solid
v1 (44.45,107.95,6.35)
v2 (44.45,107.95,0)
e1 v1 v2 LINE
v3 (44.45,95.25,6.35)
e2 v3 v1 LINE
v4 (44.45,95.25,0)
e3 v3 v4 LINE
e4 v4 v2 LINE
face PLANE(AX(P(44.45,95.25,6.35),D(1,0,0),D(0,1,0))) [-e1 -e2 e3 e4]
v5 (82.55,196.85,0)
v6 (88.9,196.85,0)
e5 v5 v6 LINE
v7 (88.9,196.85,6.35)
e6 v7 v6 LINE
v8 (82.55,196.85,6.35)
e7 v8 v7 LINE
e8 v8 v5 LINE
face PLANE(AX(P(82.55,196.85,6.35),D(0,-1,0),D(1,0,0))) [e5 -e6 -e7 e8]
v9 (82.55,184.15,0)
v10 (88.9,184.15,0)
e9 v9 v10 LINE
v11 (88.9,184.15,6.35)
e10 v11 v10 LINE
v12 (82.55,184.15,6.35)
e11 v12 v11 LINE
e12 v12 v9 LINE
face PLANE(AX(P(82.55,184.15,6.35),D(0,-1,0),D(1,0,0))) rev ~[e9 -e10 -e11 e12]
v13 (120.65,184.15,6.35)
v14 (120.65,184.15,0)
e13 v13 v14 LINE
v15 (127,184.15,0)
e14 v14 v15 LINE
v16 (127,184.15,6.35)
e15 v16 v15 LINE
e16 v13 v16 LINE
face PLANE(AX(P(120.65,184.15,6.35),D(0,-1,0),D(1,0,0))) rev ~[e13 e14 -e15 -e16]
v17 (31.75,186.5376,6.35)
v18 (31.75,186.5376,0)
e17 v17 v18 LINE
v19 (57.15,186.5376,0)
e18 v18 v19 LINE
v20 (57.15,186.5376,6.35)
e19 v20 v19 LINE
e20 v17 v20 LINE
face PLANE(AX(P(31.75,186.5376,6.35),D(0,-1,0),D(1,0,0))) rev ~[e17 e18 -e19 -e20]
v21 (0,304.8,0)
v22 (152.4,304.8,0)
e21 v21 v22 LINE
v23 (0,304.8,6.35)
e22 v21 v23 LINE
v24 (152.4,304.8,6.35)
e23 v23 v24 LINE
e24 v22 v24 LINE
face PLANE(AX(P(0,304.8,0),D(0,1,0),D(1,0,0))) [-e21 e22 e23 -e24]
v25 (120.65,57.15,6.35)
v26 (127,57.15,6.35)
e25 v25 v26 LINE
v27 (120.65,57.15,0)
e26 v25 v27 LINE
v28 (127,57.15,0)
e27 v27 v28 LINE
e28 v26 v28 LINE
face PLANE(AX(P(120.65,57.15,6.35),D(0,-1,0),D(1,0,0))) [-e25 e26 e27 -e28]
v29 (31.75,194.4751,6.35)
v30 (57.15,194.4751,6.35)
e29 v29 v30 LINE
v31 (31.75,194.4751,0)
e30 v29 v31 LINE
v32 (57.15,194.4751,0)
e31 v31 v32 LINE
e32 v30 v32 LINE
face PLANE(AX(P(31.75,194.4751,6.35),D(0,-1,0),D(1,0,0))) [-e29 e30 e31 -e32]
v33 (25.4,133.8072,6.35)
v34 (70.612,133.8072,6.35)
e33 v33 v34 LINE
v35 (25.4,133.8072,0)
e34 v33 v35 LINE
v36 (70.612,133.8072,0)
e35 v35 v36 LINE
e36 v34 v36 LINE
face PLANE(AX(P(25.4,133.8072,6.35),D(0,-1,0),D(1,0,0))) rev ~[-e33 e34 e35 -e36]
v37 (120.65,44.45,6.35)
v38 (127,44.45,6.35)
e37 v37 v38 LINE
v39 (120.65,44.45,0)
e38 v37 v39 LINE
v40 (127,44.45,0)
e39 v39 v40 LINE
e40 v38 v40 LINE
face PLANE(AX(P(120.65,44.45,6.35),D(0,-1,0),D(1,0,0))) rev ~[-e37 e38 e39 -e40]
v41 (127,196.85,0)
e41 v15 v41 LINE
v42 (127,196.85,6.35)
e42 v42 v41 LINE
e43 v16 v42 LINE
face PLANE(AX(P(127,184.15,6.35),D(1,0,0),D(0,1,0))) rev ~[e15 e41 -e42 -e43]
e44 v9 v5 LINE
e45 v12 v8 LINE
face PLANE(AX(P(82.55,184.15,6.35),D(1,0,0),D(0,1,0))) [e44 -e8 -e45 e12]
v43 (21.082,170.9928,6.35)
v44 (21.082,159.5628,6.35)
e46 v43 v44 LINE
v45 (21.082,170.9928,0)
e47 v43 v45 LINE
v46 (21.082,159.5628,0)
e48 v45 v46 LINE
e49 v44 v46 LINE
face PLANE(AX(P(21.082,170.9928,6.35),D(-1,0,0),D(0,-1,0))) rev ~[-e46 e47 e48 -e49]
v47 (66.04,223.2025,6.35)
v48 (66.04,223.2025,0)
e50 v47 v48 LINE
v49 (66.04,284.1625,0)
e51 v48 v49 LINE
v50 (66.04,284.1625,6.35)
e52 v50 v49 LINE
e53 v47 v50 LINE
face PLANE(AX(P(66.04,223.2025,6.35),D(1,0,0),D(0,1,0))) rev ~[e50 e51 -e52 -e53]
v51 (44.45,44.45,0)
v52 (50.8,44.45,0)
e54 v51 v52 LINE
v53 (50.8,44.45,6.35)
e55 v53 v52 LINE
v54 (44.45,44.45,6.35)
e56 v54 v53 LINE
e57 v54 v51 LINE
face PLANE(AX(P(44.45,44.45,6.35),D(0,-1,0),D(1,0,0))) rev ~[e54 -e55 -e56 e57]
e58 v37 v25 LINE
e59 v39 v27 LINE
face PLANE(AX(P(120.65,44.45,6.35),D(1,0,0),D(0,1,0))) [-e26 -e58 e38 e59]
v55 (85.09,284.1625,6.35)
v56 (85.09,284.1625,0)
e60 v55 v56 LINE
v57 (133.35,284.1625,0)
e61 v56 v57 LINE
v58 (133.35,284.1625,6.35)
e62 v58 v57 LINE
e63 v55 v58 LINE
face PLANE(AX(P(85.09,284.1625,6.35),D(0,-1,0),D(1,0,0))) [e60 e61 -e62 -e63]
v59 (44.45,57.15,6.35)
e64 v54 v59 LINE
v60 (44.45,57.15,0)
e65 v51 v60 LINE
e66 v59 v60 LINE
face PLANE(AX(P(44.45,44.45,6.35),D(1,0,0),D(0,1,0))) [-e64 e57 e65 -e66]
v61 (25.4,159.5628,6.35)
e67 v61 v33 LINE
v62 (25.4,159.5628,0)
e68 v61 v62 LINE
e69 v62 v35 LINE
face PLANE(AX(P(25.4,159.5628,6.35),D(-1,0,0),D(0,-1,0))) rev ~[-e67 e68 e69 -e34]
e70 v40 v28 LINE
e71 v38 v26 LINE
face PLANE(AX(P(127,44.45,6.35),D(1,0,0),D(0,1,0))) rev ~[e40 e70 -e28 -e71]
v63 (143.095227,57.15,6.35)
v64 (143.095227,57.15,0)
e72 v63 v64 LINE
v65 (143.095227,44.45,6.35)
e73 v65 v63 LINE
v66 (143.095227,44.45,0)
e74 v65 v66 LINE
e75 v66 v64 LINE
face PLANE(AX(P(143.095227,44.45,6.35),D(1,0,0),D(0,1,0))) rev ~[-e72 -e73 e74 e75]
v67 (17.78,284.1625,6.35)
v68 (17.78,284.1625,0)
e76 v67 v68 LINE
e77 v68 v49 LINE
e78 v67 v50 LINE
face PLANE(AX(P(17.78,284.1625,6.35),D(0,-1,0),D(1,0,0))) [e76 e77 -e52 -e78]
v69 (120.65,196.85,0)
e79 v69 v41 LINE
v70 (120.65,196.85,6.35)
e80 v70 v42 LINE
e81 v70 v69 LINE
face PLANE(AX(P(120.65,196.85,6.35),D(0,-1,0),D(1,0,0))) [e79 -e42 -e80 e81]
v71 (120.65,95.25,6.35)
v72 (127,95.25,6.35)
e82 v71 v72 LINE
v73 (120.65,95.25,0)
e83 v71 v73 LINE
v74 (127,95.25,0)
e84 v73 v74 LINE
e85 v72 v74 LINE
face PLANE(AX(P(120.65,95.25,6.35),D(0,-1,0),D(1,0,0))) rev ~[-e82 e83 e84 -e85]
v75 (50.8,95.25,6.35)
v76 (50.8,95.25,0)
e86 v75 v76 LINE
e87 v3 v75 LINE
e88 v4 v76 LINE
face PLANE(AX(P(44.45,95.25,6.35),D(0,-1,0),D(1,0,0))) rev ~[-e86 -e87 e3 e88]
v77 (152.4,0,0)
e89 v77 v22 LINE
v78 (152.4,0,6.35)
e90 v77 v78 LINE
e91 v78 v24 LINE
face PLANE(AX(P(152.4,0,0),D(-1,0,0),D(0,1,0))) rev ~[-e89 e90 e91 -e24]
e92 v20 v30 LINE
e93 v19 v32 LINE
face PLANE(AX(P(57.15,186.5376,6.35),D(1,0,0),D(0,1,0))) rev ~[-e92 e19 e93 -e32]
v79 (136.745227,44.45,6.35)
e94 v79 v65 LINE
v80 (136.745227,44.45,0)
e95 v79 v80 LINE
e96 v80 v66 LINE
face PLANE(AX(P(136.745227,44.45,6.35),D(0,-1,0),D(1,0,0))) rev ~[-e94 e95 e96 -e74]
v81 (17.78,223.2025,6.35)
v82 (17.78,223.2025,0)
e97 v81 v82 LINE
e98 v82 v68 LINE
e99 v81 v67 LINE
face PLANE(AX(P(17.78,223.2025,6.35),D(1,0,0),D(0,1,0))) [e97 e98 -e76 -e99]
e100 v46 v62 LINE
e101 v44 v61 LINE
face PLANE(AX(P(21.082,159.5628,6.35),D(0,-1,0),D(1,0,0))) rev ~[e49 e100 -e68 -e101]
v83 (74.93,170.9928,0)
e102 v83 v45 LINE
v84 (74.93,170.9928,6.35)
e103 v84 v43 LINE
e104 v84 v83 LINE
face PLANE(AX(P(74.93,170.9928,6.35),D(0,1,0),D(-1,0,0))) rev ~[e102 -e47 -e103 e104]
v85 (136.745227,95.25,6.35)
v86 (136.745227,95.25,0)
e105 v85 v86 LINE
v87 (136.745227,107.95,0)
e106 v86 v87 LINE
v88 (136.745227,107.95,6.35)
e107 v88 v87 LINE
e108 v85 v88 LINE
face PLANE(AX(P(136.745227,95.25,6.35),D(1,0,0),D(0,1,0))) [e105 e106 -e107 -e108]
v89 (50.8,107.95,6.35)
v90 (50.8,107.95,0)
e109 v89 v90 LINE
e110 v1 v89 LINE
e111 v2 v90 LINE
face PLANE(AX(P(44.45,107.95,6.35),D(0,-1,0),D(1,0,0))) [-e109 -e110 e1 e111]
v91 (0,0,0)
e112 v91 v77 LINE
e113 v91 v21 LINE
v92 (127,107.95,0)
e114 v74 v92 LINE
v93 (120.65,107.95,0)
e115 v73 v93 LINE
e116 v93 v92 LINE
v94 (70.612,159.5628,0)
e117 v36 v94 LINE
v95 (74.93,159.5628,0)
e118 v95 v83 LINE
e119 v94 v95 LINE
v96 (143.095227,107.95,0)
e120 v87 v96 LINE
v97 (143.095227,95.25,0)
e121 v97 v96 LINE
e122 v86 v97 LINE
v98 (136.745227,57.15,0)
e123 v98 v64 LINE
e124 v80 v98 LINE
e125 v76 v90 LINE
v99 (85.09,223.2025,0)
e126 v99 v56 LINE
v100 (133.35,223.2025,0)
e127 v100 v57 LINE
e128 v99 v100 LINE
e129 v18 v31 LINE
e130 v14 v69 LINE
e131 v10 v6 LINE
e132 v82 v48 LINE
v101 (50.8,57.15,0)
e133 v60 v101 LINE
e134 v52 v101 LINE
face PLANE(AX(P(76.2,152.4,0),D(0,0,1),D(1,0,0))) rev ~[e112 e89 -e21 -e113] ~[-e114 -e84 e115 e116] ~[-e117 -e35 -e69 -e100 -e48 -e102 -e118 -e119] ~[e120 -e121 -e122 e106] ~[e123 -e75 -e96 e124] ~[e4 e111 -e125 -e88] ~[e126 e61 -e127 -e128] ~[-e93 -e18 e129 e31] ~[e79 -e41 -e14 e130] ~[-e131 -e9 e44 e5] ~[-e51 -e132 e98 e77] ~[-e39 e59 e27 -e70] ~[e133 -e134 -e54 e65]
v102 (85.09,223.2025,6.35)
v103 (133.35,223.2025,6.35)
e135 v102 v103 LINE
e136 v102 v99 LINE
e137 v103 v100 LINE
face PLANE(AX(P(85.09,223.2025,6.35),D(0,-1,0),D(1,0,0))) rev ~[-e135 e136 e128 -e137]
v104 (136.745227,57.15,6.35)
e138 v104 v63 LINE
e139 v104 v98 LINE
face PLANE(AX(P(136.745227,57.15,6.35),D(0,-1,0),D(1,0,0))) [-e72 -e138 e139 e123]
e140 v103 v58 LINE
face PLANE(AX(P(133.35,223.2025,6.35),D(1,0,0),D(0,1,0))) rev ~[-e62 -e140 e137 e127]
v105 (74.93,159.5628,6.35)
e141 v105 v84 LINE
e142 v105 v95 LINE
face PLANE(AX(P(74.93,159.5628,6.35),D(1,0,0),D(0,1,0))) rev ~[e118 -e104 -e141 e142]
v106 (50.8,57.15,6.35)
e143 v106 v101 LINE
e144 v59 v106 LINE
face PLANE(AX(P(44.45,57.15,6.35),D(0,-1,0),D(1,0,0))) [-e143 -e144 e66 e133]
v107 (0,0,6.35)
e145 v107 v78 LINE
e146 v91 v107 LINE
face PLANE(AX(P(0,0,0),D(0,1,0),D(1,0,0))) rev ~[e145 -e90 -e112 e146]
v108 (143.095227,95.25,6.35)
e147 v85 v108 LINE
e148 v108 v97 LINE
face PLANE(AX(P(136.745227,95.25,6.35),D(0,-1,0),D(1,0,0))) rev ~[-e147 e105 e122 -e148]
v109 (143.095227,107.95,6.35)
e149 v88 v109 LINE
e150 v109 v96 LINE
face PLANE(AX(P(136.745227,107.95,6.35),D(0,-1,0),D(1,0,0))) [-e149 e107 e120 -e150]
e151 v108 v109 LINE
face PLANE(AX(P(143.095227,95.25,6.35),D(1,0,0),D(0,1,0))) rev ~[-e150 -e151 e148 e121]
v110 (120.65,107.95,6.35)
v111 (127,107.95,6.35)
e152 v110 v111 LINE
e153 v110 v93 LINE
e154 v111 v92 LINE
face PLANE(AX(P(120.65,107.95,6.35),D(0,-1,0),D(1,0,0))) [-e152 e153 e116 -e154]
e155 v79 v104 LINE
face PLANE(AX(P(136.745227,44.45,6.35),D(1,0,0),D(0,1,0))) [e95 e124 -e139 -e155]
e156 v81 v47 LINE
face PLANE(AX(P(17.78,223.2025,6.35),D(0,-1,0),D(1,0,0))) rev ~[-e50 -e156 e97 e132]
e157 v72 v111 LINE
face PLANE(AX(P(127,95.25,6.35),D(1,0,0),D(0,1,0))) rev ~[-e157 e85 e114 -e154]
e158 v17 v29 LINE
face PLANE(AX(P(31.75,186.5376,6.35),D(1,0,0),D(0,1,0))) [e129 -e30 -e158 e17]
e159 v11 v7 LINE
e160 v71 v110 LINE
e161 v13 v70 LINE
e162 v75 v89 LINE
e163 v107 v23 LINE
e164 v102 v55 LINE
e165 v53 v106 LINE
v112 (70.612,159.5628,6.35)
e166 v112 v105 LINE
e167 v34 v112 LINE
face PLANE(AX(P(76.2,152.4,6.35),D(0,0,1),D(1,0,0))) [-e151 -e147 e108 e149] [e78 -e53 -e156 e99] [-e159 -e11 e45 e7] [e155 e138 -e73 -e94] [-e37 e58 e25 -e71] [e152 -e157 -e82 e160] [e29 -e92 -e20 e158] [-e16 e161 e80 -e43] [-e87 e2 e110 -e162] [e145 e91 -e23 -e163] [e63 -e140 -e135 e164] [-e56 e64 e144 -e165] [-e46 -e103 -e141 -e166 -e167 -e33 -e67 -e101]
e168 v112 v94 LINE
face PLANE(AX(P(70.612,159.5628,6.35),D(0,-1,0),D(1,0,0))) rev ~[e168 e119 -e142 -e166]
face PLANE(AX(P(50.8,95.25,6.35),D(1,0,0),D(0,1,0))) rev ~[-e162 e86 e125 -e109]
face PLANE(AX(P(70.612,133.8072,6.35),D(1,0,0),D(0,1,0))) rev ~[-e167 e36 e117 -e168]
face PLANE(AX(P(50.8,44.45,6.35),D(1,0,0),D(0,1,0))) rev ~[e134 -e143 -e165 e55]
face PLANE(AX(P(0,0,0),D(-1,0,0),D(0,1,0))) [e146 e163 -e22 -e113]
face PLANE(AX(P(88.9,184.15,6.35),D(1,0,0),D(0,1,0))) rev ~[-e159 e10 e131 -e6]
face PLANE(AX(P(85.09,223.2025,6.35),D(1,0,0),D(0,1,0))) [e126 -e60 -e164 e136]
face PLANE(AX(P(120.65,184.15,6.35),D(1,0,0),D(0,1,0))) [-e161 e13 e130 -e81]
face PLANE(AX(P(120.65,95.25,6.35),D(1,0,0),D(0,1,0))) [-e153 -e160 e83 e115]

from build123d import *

# Parameters (mm, degrees)
F0_W     = 152.4
F0_H     = 304.8
F1_DEPTH = 6.35
F2_W     = 6.35
F2_H     = 12.7
F2_W_2   = 48.26
F2_H_2   = 60.96
F2_W_3   = 25.4
F2_H_3   = 7.9375
F3_DEPTH = 6.351
F4_W     = 6.35
F4_H     = 12.7
F5_DEPTH = 25.4


with BuildPart() as f1:
    # F0 (on Top) → F1 (new body)
    with BuildSketch(Plane.XY):
        with Locations((76.2, 152.4)):
            Rectangle(F0_W, F0_H)
    extrude(amount=F1_DEPTH)

    # F2 (on face) → F3 (cut, through all)
    with BuildSketch(Plane.XY.offset(6.35)):
        with Locations((123.825, 50.8)):
            Rectangle(F2_W, F2_H)
        with Locations((47.625, 50.8)):
            Rectangle(F2_W, F2_H)
        with Locations((123.825, 101.6)):
            Rectangle(F2_W, F2_H)
        with Locations((47.625, 101.6)):
            Rectangle(F2_W, F2_H)
        with Locations((123.825, 190.5)):
            Rectangle(F2_W, F2_H)
        with Locations((85.725, 190.5)):
            Rectangle(F2_W, F2_H)
        with Locations((109.22, 253.6825)):
            Rectangle(F2_W_2, F2_H_2)
        with Locations((44.45, 190.50635)):
            Rectangle(F2_W_3, F2_H_3)
        Polygon((25.4, 159.5628), (25.4, 133.8072), (70.612, 133.8072), (70.612, 159.5628), (74.93, 159.5628), (74.93, 170.9928), (21.082, 170.9928), (21.082, 159.5628), align=None)
        with Locations((41.91, 253.6825)):
            Rectangle(F2_W_2, F2_H_2)
    extrude(amount=-F3_DEPTH, mode=Mode.SUBTRACT)

    # F4 (on face) → F5 (cut)
    with BuildSketch(Plane.XY.offset(6.35)):
        with Locations((139.920227, 50.8)):
            Rectangle(F4_W, F4_H)
        with Locations((139.920227, 101.6)):
            Rectangle(F4_W, F4_H)
    extrude(amount=-F5_DEPTH, mode=Mode.SUBTRACT)


solid = f1.part
